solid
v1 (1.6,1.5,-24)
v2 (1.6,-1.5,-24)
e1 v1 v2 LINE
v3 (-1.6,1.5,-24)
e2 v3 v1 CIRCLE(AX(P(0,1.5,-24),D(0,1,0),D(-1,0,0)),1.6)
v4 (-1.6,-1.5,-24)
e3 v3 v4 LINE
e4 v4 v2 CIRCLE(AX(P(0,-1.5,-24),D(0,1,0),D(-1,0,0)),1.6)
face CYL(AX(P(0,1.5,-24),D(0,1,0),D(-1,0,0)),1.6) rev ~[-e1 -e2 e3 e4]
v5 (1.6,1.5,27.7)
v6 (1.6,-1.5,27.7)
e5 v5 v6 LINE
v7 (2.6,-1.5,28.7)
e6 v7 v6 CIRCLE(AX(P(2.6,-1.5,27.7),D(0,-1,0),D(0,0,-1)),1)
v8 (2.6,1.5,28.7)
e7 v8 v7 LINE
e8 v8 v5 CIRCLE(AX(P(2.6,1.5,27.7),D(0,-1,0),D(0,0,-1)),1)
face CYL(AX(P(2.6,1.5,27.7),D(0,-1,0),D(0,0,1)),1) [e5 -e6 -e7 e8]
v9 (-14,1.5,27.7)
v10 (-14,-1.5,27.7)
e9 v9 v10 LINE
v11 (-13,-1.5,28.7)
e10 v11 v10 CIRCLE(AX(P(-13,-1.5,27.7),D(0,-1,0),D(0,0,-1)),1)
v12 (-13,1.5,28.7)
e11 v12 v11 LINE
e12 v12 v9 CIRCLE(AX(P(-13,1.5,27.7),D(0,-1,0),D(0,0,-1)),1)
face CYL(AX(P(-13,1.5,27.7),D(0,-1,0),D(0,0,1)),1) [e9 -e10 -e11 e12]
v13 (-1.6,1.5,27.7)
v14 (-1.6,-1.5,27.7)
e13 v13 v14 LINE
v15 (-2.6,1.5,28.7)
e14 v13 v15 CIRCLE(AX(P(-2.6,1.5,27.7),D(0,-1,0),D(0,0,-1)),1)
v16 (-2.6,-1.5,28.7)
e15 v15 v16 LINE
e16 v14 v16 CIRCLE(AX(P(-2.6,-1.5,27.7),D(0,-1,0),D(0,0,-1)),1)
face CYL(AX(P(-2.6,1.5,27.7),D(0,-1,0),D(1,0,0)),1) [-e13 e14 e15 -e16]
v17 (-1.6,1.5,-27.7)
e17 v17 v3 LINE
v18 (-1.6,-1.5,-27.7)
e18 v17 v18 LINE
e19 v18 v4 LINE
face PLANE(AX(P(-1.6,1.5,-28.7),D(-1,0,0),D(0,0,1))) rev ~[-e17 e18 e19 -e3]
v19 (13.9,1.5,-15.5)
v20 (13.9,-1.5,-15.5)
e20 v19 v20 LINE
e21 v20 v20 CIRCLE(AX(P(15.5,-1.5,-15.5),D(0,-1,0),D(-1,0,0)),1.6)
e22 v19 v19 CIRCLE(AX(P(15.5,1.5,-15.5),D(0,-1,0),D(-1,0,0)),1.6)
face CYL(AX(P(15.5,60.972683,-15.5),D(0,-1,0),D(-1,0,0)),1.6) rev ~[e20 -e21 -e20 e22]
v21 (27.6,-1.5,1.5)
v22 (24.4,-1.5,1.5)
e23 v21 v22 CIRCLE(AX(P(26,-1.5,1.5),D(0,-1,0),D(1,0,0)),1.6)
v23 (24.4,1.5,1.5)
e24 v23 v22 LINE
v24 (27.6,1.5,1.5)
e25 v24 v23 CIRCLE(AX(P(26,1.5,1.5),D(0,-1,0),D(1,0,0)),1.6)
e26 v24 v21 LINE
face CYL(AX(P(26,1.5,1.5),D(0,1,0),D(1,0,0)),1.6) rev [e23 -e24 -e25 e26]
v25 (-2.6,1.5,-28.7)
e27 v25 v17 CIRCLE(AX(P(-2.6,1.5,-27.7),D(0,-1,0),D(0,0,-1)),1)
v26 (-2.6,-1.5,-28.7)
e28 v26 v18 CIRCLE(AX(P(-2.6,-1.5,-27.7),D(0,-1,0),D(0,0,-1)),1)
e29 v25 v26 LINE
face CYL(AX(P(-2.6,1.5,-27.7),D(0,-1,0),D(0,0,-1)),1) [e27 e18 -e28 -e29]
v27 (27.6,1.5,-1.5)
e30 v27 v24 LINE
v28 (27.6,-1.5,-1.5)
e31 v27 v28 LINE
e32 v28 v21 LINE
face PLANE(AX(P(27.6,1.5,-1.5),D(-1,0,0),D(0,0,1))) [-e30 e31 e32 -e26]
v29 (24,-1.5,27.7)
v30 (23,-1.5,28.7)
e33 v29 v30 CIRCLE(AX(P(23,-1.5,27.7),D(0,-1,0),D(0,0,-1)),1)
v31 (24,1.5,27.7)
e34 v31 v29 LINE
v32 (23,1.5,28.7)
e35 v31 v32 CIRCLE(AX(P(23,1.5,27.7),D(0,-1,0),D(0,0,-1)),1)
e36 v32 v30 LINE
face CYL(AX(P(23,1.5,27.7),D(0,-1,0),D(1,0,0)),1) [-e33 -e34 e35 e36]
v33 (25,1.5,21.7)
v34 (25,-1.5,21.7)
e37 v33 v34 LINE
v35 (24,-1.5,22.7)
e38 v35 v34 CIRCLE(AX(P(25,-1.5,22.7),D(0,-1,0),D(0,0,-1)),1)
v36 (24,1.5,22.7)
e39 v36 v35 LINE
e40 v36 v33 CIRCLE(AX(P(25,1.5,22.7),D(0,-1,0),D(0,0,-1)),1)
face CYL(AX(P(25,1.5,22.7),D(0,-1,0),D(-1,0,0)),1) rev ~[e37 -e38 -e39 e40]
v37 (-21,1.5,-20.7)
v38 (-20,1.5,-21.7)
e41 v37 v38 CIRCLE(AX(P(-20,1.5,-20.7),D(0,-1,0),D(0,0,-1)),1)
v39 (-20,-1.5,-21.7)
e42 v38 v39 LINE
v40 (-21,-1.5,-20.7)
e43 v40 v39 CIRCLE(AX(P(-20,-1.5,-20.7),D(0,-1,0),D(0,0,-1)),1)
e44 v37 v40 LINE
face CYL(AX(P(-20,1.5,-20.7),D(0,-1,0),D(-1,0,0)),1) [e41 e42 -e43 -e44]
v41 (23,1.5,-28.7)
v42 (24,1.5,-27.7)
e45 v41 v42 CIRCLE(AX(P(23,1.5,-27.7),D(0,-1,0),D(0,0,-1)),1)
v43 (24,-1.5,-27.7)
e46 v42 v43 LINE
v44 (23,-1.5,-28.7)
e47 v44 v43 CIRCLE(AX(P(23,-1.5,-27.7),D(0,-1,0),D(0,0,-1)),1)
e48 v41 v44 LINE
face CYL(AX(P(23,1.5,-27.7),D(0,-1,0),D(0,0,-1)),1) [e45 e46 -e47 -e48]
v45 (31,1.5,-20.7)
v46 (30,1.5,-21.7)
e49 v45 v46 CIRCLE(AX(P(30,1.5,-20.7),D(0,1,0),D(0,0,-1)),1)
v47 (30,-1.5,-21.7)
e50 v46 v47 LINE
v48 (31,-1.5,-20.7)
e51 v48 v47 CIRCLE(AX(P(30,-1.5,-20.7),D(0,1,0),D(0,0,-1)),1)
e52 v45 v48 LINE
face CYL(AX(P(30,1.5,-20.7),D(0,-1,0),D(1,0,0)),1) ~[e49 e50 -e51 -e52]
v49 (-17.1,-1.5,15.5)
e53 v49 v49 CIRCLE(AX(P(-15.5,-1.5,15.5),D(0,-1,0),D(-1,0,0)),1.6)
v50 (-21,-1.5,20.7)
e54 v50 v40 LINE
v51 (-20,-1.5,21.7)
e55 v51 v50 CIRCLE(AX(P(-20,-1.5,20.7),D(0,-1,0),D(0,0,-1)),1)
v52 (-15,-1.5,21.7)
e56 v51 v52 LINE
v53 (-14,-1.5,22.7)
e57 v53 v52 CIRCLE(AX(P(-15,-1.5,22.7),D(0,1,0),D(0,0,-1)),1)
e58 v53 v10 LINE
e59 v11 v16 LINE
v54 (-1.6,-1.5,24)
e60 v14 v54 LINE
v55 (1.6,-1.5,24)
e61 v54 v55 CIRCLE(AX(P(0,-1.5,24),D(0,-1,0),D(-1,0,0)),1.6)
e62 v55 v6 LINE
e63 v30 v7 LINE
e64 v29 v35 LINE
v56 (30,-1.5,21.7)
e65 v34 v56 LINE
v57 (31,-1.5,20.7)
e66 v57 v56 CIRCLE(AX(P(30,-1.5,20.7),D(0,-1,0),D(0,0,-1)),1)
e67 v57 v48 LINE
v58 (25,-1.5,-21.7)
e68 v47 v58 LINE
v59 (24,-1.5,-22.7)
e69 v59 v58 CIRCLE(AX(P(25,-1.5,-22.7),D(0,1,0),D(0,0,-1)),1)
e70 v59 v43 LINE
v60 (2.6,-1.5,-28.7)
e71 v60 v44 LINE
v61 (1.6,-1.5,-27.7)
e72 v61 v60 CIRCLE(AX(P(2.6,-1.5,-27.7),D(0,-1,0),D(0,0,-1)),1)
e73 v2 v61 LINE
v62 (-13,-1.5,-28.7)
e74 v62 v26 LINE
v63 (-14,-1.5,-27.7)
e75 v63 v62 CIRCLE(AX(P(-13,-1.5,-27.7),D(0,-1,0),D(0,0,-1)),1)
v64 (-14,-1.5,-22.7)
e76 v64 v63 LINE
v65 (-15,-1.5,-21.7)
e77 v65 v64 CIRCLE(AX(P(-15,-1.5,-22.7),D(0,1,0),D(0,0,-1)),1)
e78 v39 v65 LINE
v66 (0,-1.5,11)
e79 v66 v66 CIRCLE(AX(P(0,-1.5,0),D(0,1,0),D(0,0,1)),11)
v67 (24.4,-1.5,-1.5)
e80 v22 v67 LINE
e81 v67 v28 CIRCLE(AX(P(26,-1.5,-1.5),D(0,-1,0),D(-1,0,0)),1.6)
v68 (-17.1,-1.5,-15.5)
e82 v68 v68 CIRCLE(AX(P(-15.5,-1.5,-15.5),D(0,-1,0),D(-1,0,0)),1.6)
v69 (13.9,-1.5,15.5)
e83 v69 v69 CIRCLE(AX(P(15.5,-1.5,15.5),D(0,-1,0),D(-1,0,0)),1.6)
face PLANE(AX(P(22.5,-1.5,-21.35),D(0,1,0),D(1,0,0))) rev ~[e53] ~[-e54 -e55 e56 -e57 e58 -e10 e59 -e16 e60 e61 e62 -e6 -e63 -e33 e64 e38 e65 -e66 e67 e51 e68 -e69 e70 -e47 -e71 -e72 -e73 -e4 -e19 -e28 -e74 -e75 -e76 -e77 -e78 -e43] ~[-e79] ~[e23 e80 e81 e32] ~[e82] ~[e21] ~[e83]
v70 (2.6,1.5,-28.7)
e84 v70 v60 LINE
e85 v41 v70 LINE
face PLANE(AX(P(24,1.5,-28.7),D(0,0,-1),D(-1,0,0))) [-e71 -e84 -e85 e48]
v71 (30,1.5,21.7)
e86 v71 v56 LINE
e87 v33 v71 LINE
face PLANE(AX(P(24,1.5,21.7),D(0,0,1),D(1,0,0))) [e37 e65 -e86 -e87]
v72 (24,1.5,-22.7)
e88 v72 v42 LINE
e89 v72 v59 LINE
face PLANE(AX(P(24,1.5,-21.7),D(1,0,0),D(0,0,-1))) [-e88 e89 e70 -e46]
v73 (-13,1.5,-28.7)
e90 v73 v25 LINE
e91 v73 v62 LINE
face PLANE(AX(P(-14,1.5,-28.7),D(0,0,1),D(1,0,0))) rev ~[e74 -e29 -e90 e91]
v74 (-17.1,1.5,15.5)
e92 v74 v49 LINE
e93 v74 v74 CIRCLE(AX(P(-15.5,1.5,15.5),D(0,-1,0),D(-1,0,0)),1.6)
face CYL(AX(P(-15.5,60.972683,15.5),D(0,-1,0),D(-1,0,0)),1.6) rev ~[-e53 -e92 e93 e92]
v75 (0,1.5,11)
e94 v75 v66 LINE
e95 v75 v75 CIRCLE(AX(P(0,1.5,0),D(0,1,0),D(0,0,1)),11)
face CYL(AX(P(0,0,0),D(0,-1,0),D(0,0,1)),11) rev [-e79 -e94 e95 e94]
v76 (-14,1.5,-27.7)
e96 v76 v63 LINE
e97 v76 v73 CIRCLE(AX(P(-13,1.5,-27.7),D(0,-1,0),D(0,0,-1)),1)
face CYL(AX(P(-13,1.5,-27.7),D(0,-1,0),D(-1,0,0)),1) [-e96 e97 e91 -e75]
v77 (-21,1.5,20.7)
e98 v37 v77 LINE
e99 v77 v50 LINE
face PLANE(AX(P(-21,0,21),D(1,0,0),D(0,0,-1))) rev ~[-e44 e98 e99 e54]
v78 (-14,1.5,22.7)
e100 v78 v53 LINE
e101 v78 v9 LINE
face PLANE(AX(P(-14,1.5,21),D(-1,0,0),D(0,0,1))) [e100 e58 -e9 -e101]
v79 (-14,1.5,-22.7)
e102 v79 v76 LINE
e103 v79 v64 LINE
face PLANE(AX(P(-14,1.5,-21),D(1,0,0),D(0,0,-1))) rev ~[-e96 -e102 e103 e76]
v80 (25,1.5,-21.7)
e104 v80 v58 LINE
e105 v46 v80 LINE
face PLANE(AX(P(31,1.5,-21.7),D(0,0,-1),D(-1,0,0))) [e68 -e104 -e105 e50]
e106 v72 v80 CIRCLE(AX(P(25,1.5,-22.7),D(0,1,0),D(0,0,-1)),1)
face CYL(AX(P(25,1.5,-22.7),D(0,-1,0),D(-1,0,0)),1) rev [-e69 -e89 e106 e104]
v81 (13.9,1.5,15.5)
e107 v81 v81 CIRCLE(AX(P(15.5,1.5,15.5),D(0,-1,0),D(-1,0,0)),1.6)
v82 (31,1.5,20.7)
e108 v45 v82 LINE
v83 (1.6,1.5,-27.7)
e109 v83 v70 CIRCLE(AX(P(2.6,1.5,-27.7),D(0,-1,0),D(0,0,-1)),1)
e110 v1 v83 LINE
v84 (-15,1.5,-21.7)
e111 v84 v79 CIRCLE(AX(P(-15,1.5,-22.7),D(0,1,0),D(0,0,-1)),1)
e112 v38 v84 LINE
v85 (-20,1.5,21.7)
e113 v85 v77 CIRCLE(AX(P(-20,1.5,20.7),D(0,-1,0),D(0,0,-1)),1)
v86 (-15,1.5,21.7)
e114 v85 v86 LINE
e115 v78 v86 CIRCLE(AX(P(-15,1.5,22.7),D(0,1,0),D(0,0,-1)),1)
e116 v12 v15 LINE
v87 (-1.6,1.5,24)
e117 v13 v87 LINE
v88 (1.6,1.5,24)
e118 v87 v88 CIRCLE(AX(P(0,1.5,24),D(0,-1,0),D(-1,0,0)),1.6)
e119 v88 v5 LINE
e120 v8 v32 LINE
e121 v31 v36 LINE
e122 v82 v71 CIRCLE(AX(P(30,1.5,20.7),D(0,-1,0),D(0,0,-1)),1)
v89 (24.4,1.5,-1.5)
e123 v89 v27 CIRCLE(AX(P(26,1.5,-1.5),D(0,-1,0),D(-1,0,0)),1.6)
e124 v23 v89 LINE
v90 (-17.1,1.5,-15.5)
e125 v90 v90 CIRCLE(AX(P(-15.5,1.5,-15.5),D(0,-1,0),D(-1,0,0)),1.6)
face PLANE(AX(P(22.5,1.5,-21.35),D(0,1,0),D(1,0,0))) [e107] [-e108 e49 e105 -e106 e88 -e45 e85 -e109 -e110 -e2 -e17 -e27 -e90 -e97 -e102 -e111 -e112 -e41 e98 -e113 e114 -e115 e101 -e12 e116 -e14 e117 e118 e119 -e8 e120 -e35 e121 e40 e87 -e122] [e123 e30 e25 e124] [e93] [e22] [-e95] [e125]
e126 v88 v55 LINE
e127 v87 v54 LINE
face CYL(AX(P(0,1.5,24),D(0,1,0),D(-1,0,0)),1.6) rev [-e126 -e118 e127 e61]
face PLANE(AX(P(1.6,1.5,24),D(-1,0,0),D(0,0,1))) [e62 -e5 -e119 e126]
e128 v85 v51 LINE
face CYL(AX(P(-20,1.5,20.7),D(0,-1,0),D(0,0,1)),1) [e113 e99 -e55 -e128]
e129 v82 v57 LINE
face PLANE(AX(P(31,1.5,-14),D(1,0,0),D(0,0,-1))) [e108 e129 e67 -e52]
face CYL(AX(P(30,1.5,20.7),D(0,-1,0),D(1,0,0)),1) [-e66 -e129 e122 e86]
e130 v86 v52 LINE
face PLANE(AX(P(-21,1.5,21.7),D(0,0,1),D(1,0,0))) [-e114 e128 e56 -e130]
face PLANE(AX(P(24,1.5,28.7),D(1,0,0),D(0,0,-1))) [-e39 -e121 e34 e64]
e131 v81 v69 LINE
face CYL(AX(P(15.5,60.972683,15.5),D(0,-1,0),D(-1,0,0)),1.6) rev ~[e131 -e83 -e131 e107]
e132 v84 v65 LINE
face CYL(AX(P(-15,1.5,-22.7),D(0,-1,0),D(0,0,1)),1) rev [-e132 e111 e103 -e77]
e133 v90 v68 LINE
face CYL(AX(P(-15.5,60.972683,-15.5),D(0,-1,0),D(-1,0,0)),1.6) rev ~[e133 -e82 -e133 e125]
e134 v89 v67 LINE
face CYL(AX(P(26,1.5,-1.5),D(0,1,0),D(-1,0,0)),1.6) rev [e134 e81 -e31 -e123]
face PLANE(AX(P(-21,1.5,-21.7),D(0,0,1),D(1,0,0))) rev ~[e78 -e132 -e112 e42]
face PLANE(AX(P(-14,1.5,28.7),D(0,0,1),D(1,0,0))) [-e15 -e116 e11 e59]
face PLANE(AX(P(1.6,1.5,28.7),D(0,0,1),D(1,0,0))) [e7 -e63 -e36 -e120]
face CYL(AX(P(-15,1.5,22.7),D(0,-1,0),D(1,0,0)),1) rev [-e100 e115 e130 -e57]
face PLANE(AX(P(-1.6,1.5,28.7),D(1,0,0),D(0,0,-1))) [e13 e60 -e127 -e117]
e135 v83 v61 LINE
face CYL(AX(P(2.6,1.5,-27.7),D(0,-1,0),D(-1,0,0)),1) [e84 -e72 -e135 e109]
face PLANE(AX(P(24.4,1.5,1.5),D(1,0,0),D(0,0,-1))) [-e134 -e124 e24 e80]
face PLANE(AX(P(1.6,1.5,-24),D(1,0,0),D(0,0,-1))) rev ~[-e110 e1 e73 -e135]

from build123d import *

# Parameters (mm, degrees)
SKETCH1_W            = 42
SKETCH1_H            = 42
SKETCH1_R            = 11
BOSS_EXTRUDE1_DEPTH  = 1.5
M3_CLEARANCE_HOLE1_D = 3.2
SKETCH4_W            = 10
SKETCH4_H            = 28
BOSS_EXTRUDE2_DEPTH  = 3
SKETCH5_W            = 7
SKETCH5_H            = 0.7
BOSS_EXTRUDE3_DEPTH  = 3
FILLET1_R            = 1


with BuildPart() as part:
    # Sketch1 → Boss-Extrude1 (new, symmetric)
    with BuildSketch(Plane(origin=(0, 0, 0), x_dir=(1, 0, 0), z_dir=(0, 1, 0))):
        Rectangle(SKETCH1_W, SKETCH1_H)
        with Locations(Location((0, 0, 0), (0, 0, 270))):
            Circle(SKETCH1_R, mode=Mode.SUBTRACT)
    extrude(amount=BOSS_EXTRUDE1_DEPTH, both=True)

    # M3 Clearance Hole1 (through all)
    with Locations(Plane(origin=(0, 1.5, 0), x_dir=(1, 0, 0), z_dir=(0, 1, 0))):
        with Locations((-15.5, 15.5), (15.5, 15.5), (15.5, -15.5), (-15.5, -15.5)):
            Hole(M3_CLEARANCE_HOLE1_D / 2)

    # Sketch4 → Boss-Extrude2 (add)
    # profile 1 of 3: a face of its own
    with BuildSketch(Plane(origin=(0, 1.5, 0), x_dir=(1, 0, 0), z_dir=(0, 1, 0))):
        with BuildLine():
            Line((1.6, -24), (1.6, -28.7))
            Line((1.6, -28.7), (14, -28.7))
            Line((14, -28.7), (14, -21))
            Line((14, -21), (-14, -21))
            Line((-14, -21), (-14, -28.7))
            Line((-14, -28.7), (-1.6, -28.7))
            Line((-1.6, -28.7), (-1.6, -24))
            ThreePointArc((-1.6, -24), (0, -22.4), (1.6, -24))
        make_face()
    # profile 2 of 3: a face of its own
    with BuildSketch(Plane(origin=(0, 1.5, 0), x_dir=(1, 0, 0), z_dir=(0, 1, 0))):
        with BuildLine():
            Line((1.6, 28.7), (14, 28.7))
            Line((14, 28.7), (14, 21))
            Line((14, 21), (-14, 21))
            Line((-14, 21), (-14, 28.7))
            Line((-14, 28.7), (-1.6, 28.7))
            Line((-1.6, 28.7), (-1.6, 24))
            ThreePointArc((-1.6, 24), (0, 22.4), (1.6, 24))
            Line((1.6, 24), (1.6, 28.7))
        make_face()
    # profile 3 of 3: a face of its own
    with BuildSketch(Plane(origin=(0, 1.5, 0), x_dir=(1, 0, 0), z_dir=(0, 1, 0))):
        with Locations((26, 0)):
            Rectangle(SKETCH4_W, SKETCH4_H)
        with BuildLine():
            Line((27.6, 1.5), (27.6, -1.5))
            ThreePointArc((27.6, -1.5), (26, -3.1), (24.4, -1.5))
            Line((24.4, -1.5), (24.4, 1.5))
            ThreePointArc((24.4, 1.5), (26, 3.1), (27.6, 1.5))
        make_face(mode=Mode.SUBTRACT)
    extrude(amount=-BOSS_EXTRUDE2_DEPTH)

    # Sketch5 → Boss-Extrude3 (add)
    with BuildSketch(Plane(origin=(0, 1.5, 0), x_dir=(1, 0, 0), z_dir=(0, 1, 0))):
        Polygon((21, 14), (31, 14), (31, 21.7), (24, 21.7), (24, 28.7), (14, 28.7), (14, 21), (21, 21), align=None)
        Polygon((31, -14), (21, -14), (21, -21), (14, -21), (14, -28.7), (24, -28.7), (24, -21.7), (31, -21.7), align=None)
        with Locations((-17.5, -21.35)):
            Rectangle(SKETCH5_W, SKETCH5_H)
        with Locations((-17.5, 21.35)):
            Rectangle(SKETCH5_W, SKETCH5_H)
    extrude(amount=-BOSS_EXTRUDE3_DEPTH)

    # Fillet1
    fillet1_edges = [part.edges().sort_by_distance(p)[0] for p in [
        (-21, 0, 21.7),
        (31, 0, -21.7),
        (-21, 0, -21.7),
        (-14, 0, -21.7),
        (24, 0, -28.7),
        (24, 0, -21.7),
        (31, 0, 21.7),
        (24, 0, 21.7),
        (24, 0, 28.7),
        (-14, 0, 21.7),
        (-1.6, 0, 28.7),
        (-14, 0, 28.7),
        (1.6, 0, 28.7),
        (1.6, 0, -28.7),
        (-14, 0, -28.7),
        (-1.6, 0, -28.7),
    ]]
    fillet(fillet1_edges, radius=FILLET1_R)


solid = part.part
